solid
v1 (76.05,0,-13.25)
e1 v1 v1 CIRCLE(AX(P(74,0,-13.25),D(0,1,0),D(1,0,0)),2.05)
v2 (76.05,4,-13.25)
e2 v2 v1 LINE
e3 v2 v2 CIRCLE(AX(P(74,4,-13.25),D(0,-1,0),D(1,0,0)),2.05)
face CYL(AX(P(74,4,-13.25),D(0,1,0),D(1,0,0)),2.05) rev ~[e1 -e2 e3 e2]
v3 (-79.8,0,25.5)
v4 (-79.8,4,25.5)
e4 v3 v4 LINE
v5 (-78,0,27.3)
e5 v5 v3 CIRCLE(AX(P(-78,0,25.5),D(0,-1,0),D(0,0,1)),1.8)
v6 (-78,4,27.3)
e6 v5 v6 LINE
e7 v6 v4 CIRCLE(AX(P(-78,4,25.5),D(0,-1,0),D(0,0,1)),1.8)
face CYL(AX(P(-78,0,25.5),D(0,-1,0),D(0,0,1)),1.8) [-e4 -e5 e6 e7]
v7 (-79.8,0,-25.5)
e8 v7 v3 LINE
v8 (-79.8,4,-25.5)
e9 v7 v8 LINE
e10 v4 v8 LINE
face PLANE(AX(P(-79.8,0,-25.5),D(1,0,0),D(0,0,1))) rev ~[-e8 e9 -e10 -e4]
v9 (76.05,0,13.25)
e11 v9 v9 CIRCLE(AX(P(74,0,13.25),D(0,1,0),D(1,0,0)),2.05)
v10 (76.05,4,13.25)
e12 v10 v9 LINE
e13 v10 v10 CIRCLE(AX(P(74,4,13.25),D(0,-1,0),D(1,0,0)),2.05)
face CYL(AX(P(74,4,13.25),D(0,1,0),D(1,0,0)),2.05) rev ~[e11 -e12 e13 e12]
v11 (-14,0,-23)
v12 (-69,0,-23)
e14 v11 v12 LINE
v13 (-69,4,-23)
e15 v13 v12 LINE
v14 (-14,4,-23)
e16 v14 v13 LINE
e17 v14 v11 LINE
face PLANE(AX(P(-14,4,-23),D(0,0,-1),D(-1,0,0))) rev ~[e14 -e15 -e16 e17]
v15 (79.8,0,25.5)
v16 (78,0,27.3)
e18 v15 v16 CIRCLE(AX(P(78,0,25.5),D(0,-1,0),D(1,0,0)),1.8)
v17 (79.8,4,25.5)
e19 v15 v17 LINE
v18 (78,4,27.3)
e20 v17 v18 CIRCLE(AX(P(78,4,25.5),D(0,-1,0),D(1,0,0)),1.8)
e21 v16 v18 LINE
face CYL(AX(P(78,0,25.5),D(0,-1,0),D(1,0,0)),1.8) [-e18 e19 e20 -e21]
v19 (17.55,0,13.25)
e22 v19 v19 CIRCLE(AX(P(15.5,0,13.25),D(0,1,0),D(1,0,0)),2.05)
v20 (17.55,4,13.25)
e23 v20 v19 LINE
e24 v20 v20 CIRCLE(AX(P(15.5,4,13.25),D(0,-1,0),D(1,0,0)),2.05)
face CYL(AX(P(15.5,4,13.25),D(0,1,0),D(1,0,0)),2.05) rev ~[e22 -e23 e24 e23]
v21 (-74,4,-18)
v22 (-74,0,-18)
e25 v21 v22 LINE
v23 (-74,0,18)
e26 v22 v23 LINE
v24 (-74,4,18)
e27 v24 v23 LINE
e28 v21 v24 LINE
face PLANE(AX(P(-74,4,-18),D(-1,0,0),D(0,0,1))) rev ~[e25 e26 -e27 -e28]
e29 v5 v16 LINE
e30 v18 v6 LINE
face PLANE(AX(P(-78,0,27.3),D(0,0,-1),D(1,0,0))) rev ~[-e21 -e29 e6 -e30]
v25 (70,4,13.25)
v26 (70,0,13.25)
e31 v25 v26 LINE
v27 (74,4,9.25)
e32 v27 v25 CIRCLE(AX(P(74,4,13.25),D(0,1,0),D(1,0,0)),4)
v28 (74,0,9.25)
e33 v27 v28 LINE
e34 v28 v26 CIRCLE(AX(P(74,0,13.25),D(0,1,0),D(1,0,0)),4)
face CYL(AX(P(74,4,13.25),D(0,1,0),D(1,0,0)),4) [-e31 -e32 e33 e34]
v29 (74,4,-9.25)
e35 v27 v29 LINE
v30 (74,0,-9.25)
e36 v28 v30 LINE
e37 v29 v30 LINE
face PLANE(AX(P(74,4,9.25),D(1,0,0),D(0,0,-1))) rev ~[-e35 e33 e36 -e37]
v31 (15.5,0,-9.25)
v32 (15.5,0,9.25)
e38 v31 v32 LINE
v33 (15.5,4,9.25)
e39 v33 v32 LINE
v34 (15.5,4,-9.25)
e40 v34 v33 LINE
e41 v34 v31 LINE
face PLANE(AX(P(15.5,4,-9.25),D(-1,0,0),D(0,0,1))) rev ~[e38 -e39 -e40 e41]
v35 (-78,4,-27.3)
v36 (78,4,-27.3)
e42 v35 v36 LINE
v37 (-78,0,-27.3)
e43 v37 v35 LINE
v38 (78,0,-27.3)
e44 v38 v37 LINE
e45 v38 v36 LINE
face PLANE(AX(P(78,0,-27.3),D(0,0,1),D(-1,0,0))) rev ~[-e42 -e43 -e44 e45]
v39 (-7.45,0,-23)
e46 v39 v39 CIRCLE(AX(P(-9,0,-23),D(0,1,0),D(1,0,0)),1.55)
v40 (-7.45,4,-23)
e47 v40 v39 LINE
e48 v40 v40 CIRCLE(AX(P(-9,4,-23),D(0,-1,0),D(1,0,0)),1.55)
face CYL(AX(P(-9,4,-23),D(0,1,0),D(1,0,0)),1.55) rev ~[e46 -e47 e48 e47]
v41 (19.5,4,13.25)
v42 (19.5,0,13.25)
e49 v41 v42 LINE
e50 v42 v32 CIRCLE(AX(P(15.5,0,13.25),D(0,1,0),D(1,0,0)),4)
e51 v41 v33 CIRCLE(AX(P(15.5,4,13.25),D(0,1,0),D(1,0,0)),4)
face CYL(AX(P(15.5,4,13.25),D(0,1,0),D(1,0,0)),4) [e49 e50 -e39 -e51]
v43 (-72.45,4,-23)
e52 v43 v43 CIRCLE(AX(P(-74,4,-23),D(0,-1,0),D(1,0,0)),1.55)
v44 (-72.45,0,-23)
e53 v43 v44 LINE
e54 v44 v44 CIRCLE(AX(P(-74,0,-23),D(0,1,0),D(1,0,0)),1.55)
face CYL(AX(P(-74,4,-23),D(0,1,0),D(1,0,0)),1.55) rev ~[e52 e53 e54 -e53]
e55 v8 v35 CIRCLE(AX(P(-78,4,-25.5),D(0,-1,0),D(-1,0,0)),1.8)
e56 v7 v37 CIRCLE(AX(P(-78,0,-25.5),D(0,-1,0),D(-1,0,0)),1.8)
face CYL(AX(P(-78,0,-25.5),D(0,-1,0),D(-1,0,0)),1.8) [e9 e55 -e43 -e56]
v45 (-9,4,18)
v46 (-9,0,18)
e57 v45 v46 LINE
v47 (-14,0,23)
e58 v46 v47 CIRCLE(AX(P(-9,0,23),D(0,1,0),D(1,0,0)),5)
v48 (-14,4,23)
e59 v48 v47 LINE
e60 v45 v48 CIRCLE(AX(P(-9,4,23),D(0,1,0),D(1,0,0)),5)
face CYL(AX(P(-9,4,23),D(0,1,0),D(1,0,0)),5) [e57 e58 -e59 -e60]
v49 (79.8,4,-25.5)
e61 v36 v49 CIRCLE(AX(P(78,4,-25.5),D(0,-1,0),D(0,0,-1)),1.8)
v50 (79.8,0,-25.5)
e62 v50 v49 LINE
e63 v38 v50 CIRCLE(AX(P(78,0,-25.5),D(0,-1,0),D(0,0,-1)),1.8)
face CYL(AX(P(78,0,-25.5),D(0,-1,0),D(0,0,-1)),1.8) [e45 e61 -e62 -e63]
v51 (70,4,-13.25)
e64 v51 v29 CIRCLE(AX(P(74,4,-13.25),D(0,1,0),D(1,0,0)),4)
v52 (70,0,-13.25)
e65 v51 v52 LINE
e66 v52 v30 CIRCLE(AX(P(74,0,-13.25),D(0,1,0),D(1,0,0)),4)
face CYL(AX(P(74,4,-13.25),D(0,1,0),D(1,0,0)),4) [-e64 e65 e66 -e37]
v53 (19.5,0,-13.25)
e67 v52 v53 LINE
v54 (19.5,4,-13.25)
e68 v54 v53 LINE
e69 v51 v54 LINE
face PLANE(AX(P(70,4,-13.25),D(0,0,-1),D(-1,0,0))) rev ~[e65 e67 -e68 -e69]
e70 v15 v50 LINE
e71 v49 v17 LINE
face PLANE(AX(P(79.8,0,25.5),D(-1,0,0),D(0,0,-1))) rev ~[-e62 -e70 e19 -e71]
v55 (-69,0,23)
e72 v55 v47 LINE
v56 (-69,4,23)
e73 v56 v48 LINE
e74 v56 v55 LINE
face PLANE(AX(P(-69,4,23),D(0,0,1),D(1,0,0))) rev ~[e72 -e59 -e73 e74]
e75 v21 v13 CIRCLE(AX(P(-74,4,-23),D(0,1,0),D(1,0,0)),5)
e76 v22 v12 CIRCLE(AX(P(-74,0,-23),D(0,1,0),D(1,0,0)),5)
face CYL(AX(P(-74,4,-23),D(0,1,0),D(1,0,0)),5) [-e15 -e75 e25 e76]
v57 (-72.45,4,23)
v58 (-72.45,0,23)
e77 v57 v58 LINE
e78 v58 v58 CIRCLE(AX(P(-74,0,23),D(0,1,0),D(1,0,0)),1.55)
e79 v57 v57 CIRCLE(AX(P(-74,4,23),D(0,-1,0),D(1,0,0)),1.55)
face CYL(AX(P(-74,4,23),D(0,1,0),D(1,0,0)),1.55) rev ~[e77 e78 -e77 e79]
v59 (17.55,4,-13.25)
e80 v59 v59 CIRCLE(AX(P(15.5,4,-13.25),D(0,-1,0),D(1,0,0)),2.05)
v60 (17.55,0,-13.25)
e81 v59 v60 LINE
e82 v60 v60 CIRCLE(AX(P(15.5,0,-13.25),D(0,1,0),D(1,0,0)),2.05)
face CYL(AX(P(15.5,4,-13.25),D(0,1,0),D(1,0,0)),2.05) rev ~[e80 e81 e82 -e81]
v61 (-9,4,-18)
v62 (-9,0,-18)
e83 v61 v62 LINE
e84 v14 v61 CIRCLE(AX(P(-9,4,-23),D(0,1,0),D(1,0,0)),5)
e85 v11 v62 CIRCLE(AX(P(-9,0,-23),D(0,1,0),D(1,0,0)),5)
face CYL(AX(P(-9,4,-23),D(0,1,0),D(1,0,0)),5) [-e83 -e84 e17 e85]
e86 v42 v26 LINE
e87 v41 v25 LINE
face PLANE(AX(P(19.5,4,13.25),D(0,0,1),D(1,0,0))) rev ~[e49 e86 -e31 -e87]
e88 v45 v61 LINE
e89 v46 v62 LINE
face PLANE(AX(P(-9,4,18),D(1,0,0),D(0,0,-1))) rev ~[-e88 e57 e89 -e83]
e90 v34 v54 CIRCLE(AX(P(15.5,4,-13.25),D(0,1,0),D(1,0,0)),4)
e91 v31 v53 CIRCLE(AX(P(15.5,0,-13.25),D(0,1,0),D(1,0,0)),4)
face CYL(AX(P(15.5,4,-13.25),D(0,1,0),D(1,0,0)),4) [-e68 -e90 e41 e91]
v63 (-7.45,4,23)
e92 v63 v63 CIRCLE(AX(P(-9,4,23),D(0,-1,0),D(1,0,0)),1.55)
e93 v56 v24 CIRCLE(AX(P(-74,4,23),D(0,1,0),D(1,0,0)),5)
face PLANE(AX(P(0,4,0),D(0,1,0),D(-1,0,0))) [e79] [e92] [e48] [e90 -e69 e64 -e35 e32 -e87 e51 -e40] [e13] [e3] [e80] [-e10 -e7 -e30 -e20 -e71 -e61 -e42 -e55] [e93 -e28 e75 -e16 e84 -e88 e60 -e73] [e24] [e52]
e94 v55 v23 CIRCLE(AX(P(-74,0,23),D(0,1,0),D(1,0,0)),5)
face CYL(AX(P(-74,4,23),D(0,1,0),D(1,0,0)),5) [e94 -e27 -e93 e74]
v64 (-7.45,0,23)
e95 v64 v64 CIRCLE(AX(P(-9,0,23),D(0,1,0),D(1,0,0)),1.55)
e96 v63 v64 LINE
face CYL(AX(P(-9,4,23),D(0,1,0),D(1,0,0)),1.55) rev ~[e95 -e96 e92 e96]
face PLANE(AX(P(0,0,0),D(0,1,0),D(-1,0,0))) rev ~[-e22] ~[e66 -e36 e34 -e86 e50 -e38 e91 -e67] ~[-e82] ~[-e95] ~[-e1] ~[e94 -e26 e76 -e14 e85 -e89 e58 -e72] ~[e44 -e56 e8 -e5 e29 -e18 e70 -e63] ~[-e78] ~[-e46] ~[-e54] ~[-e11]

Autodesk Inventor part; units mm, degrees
ref_plane "YZ Plane" through (0, 0, 0) normal (1, 0, 0) x (0, 1, 0)
ref_plane "XZ Plane" through (0, 0, 0) normal (0, 1, 0) x (-1, 0, 0)
ref_plane "XY Plane" through (0, 0, 0) normal (0, 0, 1) x (1, 0, 0)
sketch "Sketch1" plane through (0, 0, 0) normal (0, 1, 0) x (-1, 0, 0)
  line L0 (-80, 27.5) -> (80, 27.5)
  line L1 (80, 27.5) -> (80, -27.5)
  line L2 (80, -27.5) -> (-80, -27.5)
  line L3 (-80, -27.5) -> (-80, 27.5)
  line L4 (-80, 27.5) -> (80, -27.5) construction
  line L5 (80, 27.5) -> (-80, -27.5) construction
  point P0 (0, 0)
  dimension "d0" = 160
  dimension "d1" = 55
extrude "Extrusion1" add sketch "Sketch1" along normal blind 4
sketch "Sketch2" plane through (0, 4, 0) normal (0, 1, 0) x (1, 0, 0)
  line L0 (80, 27.5) -> (-80, 27.5) projected
  line L1 (-80, 27.5) -> (-80, -27.5) projected
  line L2 (-80, -27.5) -> (80, -27.5) projected
  line L3 (80, -27.5) -> (80, 27.5) projected
  line L4 (-74, -23) -> (-9, -23)
  line L5 (-9, -23) -> (-9, 23)
  line L6 (-9, 23) -> (-74, 23)
  line L7 (-74, 23) -> (-74, -23)
  line L8 (-74, -23) -> (-74, -27.5)
  line L9 (-74, 23) -> (-74, 27.5)
  circle A0 centre (-74, -23) radius 1.55
  circle A1 centre (-74, 23) radius 1.55
  circle A2 centre (-9, -23) radius 1.55
  circle A3 centre (-9, 23) radius 1.55
  circle A4 centre (-74, 23) radius 5
  circle A5 centre (-9, 23) radius 5
  circle A6 centre (-74, -23) radius 5
  circle A7 centre (-9, -23) radius 5
  line L10 (-80, 0) -> (80, 0) construction
  line L11 (15.5, -13.25) -> (74, -13.25)
  line L12 (74, -13.25) -> (74, 13.25)
  line L13 (74, 13.25) -> (15.5, 13.25)
  line L14 (15.5, 13.25) -> (15.5, -13.25)
  line L15 (15.5, -13.25) -> (74, 13.25) construction
  line L16 (74, -13.25) -> (15.5, 13.25) construction
  circle A8 centre (15.5, -13.25) radius 2.05
  circle A9 centre (15.5, 13.25) radius 2.05
  circle A10 centre (74, 13.25) radius 2.05
  circle A11 centre (74, -13.25) radius 2.05
  circle A12 centre (15.5, 13.25) radius 4
  circle A13 centre (15.5, -13.25) radius 4
  circle A14 centre (74, -13.25) radius 4
  circle A15 centre (74, 13.25) radius 4
  point P0 (0, 0)
  point P1 (44.75, 0)
  point P2 (74, 9.25)
  point P3 (70, 13.25)
  point P4 (19.5, 13.25)
  point P5 (15.5, 9.25)
  point P6 (15.5, -9.25)
  point P7 (19.5, -13.25)
  point P8 (70, -13.25)
  point P9 (74, -9.25)
  point P10 (-14, -23)
  point P11 (-9, -18)
  point P12 (-9, 18)
  point P13 (-14, 23)
  point P14 (-69, 23)
  point P15 (-74, 18)
  point P16 (-74, -18)
  point P17 (-69, -23)
  dimension "d4" = 65
  dimension "d5" = 46
  dimension "d6" = 3.1
  dimension "d7" = 3.1
  dimension "d8" = 3.1
  dimension "d9" = 3.1
  dimension "d10" = 6
  dimension "d11" = 10
  dimension "d12" = 10
  dimension "d13" = 10
  dimension "d14" = 10
  dimension "d15" = 58.5
  dimension "d16" = 26.5
  dimension "d17" = 6
  dimension "d18" = 4.1
  dimension "d19" = 4.1
  dimension "d20" = 4.1
  dimension "d21" = 4.1
  dimension "d22" = 8
  dimension "d23" = 8
  dimension "d24" = 8
  dimension "d25" = 8
extrude "Extrusion2" cut sketch "Sketch2" against normal blind 10 contours A5 L5 A7 L4 A6 L7 A4 L6 | A3 L5 L6 | L6 L5 A3 | A1 L6 L9 | L9 L7 A1 | A1 L7 L6 | A2 L4 L5 | L5 L4 A2 | A0 L7 L8 | L8 L4 A0 | L4 L7 A0 | L14 A8 L11 | L11 A8 L14 | A13 L14 A12 L13 A15 L12 A14 L11 | A11 L12 L11 | L11 L12 A11 | A9 L13 L14 | L14 L13 A9 | A10 L13 L12 | L12 L13 A10
fillet "Fillet1" radius 2 4 edges at (-80, 2, 27.5) (80, 2, 27.5) (80, 2, -27.5) (-80, 2, -27.5)
sketch "Sketch3" plane through (0, 0, 0) normal (0, -1, 0) x (1, 0, 0)
  circle A0 centre (-9, 23) radius 1.55 projected
  circle A1 centre (15.5, -13.25) radius 2.05 projected
  circle A2 centre (-74, -23) radius 1.55 projected
  circle A3 centre (74, -13.25) radius 2.05 projected
  arc A4 (19.5, -13.25) -> (15.5, -9.25) centre (15.5, -13.25) ccw projected
  line L0 (15.5, -9.25) -> (15.5, 9.25) projected
  arc A5 (15.5, 9.25) -> (19.5, 13.25) centre (15.5, 13.25) ccw projected
  line L1 (19.5, 13.25) -> (70, 13.25) projected
  arc A6 (70, 13.25) -> (74, 9.25) centre (74, 13.25) ccw projected
  line L2 (74, 9.25) -> (74, -9.25) projected
  arc A7 (74, -9.25) -> (70, -13.25) centre (74, -13.25) ccw projected
  line L3 (70, -13.25) -> (19.5, -13.25) projected
  circle A8 centre (15.5, 13.25) radius 2.05 projected
  circle A9 centre (-9, -23) radius 1.55 projected
  circle A10 centre (-74, 23) radius 1.55 projected
  circle A11 centre (74, 13.25) radius 2.05 projected
  arc A12 (-9, -18) -> (-14, -23) centre (-9, -23) ccw projected
  line L4 (-14, -23) -> (-69, -23) projected
  arc A13 (-69, -23) -> (-74, -18) centre (-74, -23) ccw projected
  line L5 (-74, -18) -> (-74, 18) projected
  arc A14 (-74, 18) -> (-69, 23) centre (-74, 23) ccw projected
  line L6 (-69, 23) -> (-14, 23) projected
  arc A15 (-14, 23) -> (-9, 18) centre (-9, 23) ccw projected
  line L7 (-9, 18) -> (-9, -18) projected
  arc A16 (-80, -25.5) -> (-78, -27.5) centre (-78, -25.5) ccw projected
  line L8 (78, -27.5) -> (-78, -27.5) projected
  arc A17 (78, -27.5) -> (80, -25.5) centre (78, -25.5) ccw projected
  line L9 (80, 25.5) -> (80, -25.5) projected
  arc A18 (80, 25.5) -> (78, 27.5) centre (78, 25.5) ccw projected
  line L10 (-78, 27.5) -> (78, 27.5) projected
  arc A19 (-78, 27.5) -> (-80, 25.5) centre (-78, 25.5) ccw projected
  line L11 (-80, -25.5) -> (-80, 25.5) projected
  arc A20 (79.8, 25.5) -> (78, 27.3) centre (78, 25.5) ccw
  line L12 (79.8, 25.5) -> (79.8, -25.5)
  arc A21 (78, -27.3) -> (79.8, -25.5) centre (78, -25.5) ccw
  line L13 (78, -27.3) -> (-78, -27.3)
  arc A22 (-79.8, -25.5) -> (-78, -27.3) centre (-78, -25.5) ccw
  line L14 (-79.8, -25.5) -> (-79.8, 25.5)
  arc A23 (-78, 27.3) -> (-79.8, 25.5) centre (-78, 25.5) ccw
  line L15 (-78, 27.3) -> (78, 27.3)
  point P0 (0, 0)
  dimension "d29" = 0.2
extrude "offset" cut sketch "Sketch3" against normal through all contours L11 A19 L10 A18 L9 A17 L8 A16
properties part number "motherboard"
